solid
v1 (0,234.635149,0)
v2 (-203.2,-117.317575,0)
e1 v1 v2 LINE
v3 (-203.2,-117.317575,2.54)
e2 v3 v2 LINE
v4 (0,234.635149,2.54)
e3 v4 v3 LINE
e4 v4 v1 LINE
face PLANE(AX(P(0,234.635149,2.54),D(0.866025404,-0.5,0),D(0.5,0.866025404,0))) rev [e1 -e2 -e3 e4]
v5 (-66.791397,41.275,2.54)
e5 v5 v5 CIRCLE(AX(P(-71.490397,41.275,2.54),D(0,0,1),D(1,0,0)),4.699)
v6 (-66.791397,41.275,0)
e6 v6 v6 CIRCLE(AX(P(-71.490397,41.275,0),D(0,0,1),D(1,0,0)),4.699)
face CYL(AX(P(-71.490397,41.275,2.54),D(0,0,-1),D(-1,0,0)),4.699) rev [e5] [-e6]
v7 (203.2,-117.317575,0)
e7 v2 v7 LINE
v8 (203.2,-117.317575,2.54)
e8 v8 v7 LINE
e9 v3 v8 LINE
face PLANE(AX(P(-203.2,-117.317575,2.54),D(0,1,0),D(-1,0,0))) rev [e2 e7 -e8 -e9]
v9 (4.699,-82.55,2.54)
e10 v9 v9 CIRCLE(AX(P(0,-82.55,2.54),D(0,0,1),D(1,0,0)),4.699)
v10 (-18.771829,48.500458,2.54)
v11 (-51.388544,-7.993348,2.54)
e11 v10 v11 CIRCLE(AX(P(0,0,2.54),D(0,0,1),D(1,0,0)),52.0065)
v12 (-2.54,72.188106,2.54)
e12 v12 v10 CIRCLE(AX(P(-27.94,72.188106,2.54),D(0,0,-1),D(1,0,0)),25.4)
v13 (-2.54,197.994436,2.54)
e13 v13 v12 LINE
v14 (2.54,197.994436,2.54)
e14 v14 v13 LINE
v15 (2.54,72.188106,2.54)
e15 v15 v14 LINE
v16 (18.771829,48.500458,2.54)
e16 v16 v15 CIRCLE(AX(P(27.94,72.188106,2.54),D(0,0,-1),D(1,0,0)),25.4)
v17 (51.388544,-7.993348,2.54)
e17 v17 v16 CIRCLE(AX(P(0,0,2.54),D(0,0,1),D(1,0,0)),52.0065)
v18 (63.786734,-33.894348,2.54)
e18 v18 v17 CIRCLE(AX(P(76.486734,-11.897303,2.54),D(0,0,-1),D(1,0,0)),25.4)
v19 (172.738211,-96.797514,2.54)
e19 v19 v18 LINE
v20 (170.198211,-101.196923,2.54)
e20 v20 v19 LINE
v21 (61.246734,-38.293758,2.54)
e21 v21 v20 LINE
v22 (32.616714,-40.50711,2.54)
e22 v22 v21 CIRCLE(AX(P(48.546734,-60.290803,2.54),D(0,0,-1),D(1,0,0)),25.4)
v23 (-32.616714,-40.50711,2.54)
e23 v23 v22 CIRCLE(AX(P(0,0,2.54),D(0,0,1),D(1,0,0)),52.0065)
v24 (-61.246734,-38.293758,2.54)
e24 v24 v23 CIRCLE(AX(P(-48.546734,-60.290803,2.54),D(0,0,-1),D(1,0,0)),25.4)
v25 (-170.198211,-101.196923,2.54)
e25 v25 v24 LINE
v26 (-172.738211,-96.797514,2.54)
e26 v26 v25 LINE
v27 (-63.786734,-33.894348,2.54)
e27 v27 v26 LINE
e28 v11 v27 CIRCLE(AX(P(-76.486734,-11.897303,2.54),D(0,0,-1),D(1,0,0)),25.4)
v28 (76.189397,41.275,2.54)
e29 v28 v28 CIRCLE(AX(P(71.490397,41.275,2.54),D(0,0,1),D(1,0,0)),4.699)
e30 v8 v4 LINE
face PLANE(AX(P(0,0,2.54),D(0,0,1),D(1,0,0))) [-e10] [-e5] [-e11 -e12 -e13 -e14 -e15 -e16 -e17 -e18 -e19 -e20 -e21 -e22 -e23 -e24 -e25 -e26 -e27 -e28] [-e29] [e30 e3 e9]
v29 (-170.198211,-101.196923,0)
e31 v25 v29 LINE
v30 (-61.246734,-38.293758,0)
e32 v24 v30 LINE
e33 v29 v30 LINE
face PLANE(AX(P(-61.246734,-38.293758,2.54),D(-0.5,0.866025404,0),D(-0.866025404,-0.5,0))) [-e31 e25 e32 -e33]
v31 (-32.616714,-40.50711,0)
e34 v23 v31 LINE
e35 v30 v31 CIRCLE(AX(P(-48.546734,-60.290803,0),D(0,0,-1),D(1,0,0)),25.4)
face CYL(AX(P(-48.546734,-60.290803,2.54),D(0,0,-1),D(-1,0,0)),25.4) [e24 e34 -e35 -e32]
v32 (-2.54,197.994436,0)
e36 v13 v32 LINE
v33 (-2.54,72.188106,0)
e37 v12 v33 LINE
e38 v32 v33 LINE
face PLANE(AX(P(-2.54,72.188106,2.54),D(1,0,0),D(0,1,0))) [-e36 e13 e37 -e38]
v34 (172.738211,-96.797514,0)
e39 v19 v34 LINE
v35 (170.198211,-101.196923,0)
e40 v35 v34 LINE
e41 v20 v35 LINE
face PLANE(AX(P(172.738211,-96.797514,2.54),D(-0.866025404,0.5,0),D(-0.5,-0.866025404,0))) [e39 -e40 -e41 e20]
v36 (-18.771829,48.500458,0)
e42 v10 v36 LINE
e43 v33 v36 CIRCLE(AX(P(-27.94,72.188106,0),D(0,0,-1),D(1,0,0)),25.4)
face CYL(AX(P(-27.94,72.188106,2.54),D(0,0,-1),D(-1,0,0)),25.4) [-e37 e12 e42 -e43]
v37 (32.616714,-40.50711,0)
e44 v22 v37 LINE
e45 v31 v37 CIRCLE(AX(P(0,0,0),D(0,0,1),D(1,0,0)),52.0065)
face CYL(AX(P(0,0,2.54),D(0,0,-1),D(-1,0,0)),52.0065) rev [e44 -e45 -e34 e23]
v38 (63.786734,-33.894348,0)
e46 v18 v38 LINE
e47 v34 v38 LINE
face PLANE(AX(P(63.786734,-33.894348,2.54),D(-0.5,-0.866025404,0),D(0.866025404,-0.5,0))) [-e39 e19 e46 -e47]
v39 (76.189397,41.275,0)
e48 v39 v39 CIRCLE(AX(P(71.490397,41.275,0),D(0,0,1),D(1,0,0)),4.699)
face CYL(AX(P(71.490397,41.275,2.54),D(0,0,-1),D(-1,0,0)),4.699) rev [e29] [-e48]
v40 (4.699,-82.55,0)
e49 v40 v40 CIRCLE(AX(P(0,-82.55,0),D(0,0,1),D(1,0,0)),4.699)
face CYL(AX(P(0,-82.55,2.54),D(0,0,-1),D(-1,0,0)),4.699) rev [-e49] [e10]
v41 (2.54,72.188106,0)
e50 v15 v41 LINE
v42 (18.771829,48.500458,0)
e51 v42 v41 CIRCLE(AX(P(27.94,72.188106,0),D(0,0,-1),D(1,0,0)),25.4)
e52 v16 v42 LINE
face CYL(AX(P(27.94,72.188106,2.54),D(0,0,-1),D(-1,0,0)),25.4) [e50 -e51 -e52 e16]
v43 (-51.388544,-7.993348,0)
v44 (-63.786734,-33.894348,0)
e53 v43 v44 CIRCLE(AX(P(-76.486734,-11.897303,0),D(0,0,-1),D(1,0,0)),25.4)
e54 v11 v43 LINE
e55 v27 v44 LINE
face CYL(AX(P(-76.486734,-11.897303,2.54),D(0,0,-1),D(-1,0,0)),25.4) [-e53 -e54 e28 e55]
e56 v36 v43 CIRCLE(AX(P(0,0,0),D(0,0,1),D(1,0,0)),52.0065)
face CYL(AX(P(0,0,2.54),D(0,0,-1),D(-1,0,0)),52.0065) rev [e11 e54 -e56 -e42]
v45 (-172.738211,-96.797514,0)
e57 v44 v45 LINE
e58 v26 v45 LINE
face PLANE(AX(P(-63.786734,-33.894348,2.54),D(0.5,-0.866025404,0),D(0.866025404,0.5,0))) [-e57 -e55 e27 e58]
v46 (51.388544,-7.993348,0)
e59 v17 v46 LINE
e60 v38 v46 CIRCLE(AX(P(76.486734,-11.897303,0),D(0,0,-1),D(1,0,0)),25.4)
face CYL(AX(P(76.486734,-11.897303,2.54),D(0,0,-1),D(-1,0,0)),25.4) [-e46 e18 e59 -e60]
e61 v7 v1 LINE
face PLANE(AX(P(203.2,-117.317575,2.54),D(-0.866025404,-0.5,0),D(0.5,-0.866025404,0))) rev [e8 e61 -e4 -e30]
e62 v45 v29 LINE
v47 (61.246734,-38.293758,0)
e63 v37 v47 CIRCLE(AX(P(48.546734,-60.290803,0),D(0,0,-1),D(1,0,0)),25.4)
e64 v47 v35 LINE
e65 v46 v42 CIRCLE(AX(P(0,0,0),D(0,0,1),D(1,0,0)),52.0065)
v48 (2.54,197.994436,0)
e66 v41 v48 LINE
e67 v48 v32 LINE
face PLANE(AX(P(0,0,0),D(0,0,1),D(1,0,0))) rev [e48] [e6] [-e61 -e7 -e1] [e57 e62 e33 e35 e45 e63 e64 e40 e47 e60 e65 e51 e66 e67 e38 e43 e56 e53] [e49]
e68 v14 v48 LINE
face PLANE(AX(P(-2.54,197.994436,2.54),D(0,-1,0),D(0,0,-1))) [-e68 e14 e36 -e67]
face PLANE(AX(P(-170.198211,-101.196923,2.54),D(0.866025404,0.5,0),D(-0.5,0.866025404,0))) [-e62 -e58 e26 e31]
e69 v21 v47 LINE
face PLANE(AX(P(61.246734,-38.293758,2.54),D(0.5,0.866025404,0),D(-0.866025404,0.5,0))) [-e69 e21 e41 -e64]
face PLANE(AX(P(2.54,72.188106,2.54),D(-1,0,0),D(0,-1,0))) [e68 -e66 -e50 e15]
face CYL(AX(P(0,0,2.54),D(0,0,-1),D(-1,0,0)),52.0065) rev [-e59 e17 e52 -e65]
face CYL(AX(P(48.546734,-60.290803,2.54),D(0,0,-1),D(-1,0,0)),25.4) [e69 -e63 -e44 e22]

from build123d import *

# Parameters (mm, degrees)
SKETCH1_R           = 4.699
BOSS_EXTRUDE1_DEPTH = 2.54


with BuildPart() as part:
    # Sketch1 → Boss-Extrude1 (new body)
    with BuildSketch(Plane.XY):
        Polygon((0, 234.635149399), (-203.2, -117.317574699), (203.2, -117.317574699), align=None)
        with Locations((0, -82.55)):
            Circle(SKETCH1_R, mode=Mode.SUBTRACT)
        with Locations((-71.490397082, 41.275)):
            Circle(SKETCH1_R, mode=Mode.SUBTRACT)
        with Locations((71.490397082, 41.275)):
            Circle(SKETCH1_R, mode=Mode.SUBTRACT)
        with BuildLine():
            Line((-2.54, 72.188105961), (-2.54, 197.994436105))
            Line((-2.54, 197.994436105), (2.54, 197.994436105))
            Line((2.54, 197.994436105), (2.54, 72.188105961))
            ThreePointArc((2.54, 72.188105961), (6.987296904, 57.830382152), (18.771829368, 48.500458394))
            ThreePointArc((18.771829368, 48.500458394), (45.038950162, 26.00325), (51.388543748, -7.993348088))
            ThreePointArc((51.388543748, -7.993348088), (53.576228506, -22.864014453), (63.786733613, -33.894348455))
            Line((63.786733613, -33.894348455), (172.738211475, -96.797513527))
            Line((172.738211475, -96.797513527), (170.198211475, -101.196922578))
            Line((170.198211475, -101.196922578), (61.246733613, -38.293757506))
            ThreePointArc((61.246733613, -38.293757506), (46.588931602, -34.966367699), (32.61671438, -40.507110305))
            ThreePointArc((32.61671438, -40.507110305), (0, -52.0065), (-32.61671438, -40.507110305))
            ThreePointArc((-32.61671438, -40.507110305), (-46.588931602, -34.966367699), (-61.246733613, -38.293757506))
            Line((-61.246733613, -38.293757506), (-170.198211475, -101.196922578))
            Line((-170.198211475, -101.196922578), (-172.738211475, -96.797513527))
            Line((-172.738211475, -96.797513527), (-63.786733613, -33.894348455))
            ThreePointArc((-63.786733613, -33.894348455), (-53.576228506, -22.864014453), (-51.388543748, -7.993348088))
            ThreePointArc((-51.388543748, -7.993348088), (-45.038950162, 26.00325), (-18.771829368, 48.500458394))
            ThreePointArc((-18.771829368, 48.500458394), (-6.987296904, 57.830382152), (-2.54, 72.188105961))
        make_face(mode=Mode.SUBTRACT)
    extrude(amount=BOSS_EXTRUDE1_DEPTH)


solid = part.part
